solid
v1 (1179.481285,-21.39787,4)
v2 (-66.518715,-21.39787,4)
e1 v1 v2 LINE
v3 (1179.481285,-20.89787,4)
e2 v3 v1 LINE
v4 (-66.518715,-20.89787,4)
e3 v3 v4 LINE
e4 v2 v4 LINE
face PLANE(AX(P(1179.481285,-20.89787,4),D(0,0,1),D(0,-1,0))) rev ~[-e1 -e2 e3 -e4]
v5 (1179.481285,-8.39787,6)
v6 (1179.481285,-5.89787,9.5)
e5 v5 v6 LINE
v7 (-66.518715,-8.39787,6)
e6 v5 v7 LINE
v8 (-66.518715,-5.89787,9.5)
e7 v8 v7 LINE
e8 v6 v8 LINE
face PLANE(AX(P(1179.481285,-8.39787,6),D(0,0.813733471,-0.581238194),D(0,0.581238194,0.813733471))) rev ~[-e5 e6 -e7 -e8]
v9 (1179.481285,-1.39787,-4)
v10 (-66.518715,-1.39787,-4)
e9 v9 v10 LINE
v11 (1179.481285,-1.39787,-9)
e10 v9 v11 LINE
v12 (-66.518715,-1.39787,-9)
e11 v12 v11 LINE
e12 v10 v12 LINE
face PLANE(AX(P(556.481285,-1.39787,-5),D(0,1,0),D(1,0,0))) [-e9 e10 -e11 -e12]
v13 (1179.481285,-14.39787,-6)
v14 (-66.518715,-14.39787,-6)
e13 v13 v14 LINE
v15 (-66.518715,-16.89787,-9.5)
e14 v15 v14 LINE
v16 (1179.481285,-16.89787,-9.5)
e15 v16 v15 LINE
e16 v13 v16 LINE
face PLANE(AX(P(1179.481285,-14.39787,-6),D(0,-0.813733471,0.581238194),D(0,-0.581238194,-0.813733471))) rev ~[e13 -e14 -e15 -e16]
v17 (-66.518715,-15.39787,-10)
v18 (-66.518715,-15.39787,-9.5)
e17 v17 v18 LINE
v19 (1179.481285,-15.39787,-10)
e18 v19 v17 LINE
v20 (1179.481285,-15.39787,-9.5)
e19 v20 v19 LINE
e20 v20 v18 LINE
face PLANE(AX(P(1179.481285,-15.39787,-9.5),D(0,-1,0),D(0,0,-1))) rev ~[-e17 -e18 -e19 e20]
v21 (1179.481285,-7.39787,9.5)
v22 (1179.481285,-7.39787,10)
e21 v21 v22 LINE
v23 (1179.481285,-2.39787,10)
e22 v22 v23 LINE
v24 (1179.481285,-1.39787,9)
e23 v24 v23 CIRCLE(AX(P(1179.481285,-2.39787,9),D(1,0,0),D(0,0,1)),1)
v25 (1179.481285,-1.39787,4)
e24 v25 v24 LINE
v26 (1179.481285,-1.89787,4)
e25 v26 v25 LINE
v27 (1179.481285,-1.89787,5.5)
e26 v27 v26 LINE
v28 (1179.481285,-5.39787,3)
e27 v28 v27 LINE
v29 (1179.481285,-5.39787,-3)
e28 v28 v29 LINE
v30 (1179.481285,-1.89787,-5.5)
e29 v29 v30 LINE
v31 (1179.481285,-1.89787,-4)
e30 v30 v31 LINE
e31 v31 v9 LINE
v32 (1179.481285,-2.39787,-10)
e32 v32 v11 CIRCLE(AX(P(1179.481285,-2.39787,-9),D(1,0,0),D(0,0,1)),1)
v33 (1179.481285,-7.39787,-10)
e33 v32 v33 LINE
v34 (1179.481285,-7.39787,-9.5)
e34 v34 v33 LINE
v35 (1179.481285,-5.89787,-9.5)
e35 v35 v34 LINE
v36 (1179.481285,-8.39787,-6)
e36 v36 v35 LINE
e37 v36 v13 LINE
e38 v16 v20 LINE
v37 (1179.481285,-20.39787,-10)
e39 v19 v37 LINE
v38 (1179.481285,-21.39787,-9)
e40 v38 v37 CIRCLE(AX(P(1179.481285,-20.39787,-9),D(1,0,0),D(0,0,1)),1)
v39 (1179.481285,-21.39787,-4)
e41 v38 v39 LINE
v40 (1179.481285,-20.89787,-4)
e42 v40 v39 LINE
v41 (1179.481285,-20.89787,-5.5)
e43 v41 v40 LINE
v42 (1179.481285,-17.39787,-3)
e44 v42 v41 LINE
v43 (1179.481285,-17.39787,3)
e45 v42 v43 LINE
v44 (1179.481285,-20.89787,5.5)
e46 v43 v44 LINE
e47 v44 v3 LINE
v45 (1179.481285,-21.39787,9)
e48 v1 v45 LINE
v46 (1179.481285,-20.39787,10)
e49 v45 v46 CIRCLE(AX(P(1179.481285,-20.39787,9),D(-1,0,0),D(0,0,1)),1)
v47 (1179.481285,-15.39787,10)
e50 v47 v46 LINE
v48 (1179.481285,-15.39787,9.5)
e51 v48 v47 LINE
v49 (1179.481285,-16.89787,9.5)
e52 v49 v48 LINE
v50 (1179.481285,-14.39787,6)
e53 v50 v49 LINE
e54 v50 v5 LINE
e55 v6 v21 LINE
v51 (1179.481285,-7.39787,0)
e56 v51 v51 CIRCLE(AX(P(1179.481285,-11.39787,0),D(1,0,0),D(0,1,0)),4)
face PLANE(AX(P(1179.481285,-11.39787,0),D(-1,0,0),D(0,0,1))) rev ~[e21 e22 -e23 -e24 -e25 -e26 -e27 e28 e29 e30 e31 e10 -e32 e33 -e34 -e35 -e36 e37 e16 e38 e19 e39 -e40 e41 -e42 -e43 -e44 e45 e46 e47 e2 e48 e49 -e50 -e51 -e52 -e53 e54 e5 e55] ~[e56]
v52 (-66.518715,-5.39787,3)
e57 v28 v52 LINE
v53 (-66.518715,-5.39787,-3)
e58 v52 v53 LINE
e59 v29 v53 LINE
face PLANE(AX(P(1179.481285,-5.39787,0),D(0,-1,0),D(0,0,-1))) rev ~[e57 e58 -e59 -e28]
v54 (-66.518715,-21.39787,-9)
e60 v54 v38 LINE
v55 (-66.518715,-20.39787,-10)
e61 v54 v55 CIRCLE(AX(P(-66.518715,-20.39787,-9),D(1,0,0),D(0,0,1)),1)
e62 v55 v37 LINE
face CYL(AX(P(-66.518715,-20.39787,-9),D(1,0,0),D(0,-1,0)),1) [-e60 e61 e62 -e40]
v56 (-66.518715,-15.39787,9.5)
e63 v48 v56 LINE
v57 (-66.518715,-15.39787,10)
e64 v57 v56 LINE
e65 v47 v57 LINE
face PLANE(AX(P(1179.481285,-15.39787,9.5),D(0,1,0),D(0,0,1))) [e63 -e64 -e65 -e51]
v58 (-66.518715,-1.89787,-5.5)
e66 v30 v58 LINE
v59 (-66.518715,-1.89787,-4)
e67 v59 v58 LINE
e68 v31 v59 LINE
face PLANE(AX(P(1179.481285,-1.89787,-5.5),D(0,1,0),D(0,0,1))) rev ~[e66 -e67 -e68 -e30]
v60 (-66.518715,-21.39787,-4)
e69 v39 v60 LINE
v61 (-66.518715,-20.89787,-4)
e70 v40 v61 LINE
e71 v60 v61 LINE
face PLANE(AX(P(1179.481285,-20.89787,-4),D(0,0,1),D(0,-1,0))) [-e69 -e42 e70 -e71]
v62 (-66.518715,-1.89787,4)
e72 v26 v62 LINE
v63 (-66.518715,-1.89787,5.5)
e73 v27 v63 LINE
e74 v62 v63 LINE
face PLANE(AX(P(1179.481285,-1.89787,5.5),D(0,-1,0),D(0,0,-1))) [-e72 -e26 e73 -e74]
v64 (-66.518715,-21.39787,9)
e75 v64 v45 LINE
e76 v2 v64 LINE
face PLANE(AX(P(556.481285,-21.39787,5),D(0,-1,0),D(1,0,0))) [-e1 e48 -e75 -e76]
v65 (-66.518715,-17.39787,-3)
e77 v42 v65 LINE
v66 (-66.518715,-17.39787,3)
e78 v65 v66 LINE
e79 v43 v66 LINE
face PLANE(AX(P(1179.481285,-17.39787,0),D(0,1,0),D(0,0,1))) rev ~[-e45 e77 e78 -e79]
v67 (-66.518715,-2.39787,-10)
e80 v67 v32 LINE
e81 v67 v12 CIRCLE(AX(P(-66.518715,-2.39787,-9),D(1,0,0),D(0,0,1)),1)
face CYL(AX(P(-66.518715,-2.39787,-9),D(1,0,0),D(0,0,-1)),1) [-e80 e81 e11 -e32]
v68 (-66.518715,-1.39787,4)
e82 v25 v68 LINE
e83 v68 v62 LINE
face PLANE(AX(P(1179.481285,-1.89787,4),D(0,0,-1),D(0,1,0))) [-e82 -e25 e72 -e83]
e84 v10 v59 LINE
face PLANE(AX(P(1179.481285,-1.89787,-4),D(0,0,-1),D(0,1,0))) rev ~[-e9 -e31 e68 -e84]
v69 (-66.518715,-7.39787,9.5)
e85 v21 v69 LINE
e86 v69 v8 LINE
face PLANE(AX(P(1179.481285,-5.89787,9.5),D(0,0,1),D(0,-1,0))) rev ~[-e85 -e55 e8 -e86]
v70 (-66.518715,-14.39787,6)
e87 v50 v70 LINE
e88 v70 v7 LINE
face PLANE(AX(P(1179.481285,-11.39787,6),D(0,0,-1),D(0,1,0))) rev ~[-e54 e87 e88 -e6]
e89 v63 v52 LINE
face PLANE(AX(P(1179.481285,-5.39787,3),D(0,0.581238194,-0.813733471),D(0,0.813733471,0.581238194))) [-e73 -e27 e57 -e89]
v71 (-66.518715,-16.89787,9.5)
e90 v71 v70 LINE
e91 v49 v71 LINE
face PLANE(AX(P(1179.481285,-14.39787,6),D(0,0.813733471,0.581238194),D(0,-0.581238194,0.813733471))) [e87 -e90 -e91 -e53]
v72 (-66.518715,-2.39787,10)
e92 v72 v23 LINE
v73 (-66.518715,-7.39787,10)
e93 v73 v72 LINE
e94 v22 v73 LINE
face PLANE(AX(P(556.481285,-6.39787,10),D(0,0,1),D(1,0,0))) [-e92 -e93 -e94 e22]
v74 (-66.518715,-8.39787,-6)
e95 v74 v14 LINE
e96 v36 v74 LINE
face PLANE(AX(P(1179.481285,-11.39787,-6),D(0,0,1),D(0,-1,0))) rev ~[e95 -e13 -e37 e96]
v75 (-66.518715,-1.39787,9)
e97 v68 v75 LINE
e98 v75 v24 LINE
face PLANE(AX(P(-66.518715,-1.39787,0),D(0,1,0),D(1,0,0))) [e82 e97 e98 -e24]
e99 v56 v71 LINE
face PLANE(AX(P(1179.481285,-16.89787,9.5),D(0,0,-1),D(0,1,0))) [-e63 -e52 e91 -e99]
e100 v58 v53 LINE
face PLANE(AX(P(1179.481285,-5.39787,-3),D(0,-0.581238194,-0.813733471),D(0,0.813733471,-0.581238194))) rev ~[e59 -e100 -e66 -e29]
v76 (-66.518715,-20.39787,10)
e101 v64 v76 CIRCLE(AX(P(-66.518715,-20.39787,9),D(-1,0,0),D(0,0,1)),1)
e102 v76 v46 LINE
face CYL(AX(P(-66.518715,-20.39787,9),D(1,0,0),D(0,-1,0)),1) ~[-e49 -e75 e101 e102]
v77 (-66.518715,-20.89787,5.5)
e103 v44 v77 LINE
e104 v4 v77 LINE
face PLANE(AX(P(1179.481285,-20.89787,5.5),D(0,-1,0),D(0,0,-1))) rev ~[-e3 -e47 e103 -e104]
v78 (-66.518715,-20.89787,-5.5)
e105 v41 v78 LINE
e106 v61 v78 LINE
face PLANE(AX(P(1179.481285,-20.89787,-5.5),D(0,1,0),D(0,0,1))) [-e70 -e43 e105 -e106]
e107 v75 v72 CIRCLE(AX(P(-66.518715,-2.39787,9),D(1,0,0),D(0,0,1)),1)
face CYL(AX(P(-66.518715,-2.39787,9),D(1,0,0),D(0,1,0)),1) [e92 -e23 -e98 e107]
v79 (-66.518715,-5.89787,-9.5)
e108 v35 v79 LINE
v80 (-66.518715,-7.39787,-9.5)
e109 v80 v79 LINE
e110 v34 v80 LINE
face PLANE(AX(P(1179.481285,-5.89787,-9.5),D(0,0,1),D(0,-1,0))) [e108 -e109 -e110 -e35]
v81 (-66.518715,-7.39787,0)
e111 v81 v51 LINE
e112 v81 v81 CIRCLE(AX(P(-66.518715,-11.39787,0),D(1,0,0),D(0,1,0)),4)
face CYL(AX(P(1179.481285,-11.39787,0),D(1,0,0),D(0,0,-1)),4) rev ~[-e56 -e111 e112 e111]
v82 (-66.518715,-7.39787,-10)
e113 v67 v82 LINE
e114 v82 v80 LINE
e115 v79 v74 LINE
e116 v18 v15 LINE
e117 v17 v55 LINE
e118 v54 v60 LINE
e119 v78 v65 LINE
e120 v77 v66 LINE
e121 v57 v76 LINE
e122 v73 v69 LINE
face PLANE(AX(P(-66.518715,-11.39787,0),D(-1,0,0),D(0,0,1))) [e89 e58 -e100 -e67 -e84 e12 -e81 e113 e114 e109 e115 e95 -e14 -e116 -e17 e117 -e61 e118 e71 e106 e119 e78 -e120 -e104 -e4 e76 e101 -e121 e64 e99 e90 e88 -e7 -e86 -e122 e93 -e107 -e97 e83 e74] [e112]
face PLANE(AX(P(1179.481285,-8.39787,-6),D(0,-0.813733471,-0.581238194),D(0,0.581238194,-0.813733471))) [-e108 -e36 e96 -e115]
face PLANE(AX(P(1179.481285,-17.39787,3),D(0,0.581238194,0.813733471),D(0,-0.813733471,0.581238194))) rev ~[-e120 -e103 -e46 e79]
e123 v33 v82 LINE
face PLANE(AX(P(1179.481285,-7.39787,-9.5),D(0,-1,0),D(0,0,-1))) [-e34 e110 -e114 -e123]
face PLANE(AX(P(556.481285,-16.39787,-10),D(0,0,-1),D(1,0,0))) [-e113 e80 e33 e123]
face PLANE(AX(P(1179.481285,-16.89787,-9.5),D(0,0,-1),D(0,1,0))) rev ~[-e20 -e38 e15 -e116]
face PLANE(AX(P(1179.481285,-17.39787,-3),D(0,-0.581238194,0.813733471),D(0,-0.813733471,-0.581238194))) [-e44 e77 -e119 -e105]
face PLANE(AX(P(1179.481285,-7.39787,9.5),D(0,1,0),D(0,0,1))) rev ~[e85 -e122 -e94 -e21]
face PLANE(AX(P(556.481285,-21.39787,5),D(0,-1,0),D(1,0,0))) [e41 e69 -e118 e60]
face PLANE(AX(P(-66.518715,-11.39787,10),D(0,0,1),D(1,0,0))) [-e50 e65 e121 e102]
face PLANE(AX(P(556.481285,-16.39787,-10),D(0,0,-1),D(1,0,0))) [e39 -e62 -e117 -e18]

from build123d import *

# Parameters (mm, degrees)
SKETCH_1_W                       = 1246
SKETCH_1_H                       = 10
EXTRUDE_1_DEPTH                  = 10
SKETCH_2_R                       = 4
CUT_EXTRUDE_1_DEPTH              = 1270
CUT_EXTRUDE_2_DEPTH              = 1270
FILLET_1_R                       = 1
PATTERN_CIRCULAR_2_COUNT         = 4
FILLET_1_OF_PATTERN_CIRCULAR_2_R = 1


with BuildPart() as part:
    # 草图1 → 凸台-拉伸1 (new body)
    with BuildSketch(Plane.XY):
        with Locations((556.481285353, -6.397869645)):
            Rectangle(SKETCH_1_W, SKETCH_1_H)
    extrude_1 = extrude(amount=EXTRUDE_1_DEPTH)

    # 草图2 → 切除-拉伸1 (cut)
    with BuildSketch(Plane(origin=(1179.481285353, 0, 0), x_dir=(0, 0, -1), z_dir=(1, 0, 0))):
        with Locations((0, -11.397869645)):
            Circle(SKETCH_2_R)
    cut_extrude_1 = extrude(amount=-CUT_EXTRUDE_1_DEPTH, mode=Mode.SUBTRACT)

    # 草图3 → 切除-拉伸2 (cut)
    with BuildSketch(Plane(origin=(1179.481285353, 0, 0), x_dir=(0, 0, -1), z_dir=(1, 0, 0))):
        Polygon((-4, -1.397869645), (0, -1.397869645), (0, -5.397869645), (-3, -5.397869645), (-5.5, -1.897869645), (-4, -1.897869645), align=None)
        Polygon((-10, -7.397869645), (-10, -11.397869645), (-6, -11.397869645), (-6, -8.397869645), (-9.5, -5.897869645), (-9.5, -7.397869645), align=None)
    cut_extrude_2 = extrude(amount=-CUT_EXTRUDE_2_DEPTH, mode=Mode.SUBTRACT)

    # 圆角1
    fillet_1_edges = [part.edges().sort_by_distance(p)[0] for p in [
        (556.481285353, -1.397869645, 10),
    ]]
    fillet(fillet_1_edges, radius=FILLET_1_R)

    # 阵列(圆周)2: 凸台-拉伸1, 切除-拉伸1, 切除-拉伸2 ×4 about axis
    pattern_circular_2_axis = Axis((0, -11.397869645, 0), (1, 0, 0))
    add([extrude_1.rotate(pattern_circular_2_axis, i * 360 / PATTERN_CIRCULAR_2_COUNT) for i in range(1, PATTERN_CIRCULAR_2_COUNT)])
    add([cut_extrude_1.rotate(pattern_circular_2_axis, i * 360 / PATTERN_CIRCULAR_2_COUNT) for i in range(1, PATTERN_CIRCULAR_2_COUNT)], mode=Mode.SUBTRACT)
    add([cut_extrude_2.rotate(pattern_circular_2_axis, i * 360 / PATTERN_CIRCULAR_2_COUNT) for i in range(1, PATTERN_CIRCULAR_2_COUNT)], mode=Mode.SUBTRACT)

    # 圆角1 of 阵列(圆周)2
    fillet_1_of_pattern_circular_2_edges = [part.edges().sort_by_distance(p)[0] for p in [
        (556.481285353, -21.397869645, 10),
        (556.481285353, -21.397869645, -10),
        (556.481285353, -1.397869645, -10),
    ]]
    fillet(fillet_1_of_pattern_circular_2_edges, radius=FILLET_1_OF_PATTERN_CIRCULAR_2_R)


solid = part.part
